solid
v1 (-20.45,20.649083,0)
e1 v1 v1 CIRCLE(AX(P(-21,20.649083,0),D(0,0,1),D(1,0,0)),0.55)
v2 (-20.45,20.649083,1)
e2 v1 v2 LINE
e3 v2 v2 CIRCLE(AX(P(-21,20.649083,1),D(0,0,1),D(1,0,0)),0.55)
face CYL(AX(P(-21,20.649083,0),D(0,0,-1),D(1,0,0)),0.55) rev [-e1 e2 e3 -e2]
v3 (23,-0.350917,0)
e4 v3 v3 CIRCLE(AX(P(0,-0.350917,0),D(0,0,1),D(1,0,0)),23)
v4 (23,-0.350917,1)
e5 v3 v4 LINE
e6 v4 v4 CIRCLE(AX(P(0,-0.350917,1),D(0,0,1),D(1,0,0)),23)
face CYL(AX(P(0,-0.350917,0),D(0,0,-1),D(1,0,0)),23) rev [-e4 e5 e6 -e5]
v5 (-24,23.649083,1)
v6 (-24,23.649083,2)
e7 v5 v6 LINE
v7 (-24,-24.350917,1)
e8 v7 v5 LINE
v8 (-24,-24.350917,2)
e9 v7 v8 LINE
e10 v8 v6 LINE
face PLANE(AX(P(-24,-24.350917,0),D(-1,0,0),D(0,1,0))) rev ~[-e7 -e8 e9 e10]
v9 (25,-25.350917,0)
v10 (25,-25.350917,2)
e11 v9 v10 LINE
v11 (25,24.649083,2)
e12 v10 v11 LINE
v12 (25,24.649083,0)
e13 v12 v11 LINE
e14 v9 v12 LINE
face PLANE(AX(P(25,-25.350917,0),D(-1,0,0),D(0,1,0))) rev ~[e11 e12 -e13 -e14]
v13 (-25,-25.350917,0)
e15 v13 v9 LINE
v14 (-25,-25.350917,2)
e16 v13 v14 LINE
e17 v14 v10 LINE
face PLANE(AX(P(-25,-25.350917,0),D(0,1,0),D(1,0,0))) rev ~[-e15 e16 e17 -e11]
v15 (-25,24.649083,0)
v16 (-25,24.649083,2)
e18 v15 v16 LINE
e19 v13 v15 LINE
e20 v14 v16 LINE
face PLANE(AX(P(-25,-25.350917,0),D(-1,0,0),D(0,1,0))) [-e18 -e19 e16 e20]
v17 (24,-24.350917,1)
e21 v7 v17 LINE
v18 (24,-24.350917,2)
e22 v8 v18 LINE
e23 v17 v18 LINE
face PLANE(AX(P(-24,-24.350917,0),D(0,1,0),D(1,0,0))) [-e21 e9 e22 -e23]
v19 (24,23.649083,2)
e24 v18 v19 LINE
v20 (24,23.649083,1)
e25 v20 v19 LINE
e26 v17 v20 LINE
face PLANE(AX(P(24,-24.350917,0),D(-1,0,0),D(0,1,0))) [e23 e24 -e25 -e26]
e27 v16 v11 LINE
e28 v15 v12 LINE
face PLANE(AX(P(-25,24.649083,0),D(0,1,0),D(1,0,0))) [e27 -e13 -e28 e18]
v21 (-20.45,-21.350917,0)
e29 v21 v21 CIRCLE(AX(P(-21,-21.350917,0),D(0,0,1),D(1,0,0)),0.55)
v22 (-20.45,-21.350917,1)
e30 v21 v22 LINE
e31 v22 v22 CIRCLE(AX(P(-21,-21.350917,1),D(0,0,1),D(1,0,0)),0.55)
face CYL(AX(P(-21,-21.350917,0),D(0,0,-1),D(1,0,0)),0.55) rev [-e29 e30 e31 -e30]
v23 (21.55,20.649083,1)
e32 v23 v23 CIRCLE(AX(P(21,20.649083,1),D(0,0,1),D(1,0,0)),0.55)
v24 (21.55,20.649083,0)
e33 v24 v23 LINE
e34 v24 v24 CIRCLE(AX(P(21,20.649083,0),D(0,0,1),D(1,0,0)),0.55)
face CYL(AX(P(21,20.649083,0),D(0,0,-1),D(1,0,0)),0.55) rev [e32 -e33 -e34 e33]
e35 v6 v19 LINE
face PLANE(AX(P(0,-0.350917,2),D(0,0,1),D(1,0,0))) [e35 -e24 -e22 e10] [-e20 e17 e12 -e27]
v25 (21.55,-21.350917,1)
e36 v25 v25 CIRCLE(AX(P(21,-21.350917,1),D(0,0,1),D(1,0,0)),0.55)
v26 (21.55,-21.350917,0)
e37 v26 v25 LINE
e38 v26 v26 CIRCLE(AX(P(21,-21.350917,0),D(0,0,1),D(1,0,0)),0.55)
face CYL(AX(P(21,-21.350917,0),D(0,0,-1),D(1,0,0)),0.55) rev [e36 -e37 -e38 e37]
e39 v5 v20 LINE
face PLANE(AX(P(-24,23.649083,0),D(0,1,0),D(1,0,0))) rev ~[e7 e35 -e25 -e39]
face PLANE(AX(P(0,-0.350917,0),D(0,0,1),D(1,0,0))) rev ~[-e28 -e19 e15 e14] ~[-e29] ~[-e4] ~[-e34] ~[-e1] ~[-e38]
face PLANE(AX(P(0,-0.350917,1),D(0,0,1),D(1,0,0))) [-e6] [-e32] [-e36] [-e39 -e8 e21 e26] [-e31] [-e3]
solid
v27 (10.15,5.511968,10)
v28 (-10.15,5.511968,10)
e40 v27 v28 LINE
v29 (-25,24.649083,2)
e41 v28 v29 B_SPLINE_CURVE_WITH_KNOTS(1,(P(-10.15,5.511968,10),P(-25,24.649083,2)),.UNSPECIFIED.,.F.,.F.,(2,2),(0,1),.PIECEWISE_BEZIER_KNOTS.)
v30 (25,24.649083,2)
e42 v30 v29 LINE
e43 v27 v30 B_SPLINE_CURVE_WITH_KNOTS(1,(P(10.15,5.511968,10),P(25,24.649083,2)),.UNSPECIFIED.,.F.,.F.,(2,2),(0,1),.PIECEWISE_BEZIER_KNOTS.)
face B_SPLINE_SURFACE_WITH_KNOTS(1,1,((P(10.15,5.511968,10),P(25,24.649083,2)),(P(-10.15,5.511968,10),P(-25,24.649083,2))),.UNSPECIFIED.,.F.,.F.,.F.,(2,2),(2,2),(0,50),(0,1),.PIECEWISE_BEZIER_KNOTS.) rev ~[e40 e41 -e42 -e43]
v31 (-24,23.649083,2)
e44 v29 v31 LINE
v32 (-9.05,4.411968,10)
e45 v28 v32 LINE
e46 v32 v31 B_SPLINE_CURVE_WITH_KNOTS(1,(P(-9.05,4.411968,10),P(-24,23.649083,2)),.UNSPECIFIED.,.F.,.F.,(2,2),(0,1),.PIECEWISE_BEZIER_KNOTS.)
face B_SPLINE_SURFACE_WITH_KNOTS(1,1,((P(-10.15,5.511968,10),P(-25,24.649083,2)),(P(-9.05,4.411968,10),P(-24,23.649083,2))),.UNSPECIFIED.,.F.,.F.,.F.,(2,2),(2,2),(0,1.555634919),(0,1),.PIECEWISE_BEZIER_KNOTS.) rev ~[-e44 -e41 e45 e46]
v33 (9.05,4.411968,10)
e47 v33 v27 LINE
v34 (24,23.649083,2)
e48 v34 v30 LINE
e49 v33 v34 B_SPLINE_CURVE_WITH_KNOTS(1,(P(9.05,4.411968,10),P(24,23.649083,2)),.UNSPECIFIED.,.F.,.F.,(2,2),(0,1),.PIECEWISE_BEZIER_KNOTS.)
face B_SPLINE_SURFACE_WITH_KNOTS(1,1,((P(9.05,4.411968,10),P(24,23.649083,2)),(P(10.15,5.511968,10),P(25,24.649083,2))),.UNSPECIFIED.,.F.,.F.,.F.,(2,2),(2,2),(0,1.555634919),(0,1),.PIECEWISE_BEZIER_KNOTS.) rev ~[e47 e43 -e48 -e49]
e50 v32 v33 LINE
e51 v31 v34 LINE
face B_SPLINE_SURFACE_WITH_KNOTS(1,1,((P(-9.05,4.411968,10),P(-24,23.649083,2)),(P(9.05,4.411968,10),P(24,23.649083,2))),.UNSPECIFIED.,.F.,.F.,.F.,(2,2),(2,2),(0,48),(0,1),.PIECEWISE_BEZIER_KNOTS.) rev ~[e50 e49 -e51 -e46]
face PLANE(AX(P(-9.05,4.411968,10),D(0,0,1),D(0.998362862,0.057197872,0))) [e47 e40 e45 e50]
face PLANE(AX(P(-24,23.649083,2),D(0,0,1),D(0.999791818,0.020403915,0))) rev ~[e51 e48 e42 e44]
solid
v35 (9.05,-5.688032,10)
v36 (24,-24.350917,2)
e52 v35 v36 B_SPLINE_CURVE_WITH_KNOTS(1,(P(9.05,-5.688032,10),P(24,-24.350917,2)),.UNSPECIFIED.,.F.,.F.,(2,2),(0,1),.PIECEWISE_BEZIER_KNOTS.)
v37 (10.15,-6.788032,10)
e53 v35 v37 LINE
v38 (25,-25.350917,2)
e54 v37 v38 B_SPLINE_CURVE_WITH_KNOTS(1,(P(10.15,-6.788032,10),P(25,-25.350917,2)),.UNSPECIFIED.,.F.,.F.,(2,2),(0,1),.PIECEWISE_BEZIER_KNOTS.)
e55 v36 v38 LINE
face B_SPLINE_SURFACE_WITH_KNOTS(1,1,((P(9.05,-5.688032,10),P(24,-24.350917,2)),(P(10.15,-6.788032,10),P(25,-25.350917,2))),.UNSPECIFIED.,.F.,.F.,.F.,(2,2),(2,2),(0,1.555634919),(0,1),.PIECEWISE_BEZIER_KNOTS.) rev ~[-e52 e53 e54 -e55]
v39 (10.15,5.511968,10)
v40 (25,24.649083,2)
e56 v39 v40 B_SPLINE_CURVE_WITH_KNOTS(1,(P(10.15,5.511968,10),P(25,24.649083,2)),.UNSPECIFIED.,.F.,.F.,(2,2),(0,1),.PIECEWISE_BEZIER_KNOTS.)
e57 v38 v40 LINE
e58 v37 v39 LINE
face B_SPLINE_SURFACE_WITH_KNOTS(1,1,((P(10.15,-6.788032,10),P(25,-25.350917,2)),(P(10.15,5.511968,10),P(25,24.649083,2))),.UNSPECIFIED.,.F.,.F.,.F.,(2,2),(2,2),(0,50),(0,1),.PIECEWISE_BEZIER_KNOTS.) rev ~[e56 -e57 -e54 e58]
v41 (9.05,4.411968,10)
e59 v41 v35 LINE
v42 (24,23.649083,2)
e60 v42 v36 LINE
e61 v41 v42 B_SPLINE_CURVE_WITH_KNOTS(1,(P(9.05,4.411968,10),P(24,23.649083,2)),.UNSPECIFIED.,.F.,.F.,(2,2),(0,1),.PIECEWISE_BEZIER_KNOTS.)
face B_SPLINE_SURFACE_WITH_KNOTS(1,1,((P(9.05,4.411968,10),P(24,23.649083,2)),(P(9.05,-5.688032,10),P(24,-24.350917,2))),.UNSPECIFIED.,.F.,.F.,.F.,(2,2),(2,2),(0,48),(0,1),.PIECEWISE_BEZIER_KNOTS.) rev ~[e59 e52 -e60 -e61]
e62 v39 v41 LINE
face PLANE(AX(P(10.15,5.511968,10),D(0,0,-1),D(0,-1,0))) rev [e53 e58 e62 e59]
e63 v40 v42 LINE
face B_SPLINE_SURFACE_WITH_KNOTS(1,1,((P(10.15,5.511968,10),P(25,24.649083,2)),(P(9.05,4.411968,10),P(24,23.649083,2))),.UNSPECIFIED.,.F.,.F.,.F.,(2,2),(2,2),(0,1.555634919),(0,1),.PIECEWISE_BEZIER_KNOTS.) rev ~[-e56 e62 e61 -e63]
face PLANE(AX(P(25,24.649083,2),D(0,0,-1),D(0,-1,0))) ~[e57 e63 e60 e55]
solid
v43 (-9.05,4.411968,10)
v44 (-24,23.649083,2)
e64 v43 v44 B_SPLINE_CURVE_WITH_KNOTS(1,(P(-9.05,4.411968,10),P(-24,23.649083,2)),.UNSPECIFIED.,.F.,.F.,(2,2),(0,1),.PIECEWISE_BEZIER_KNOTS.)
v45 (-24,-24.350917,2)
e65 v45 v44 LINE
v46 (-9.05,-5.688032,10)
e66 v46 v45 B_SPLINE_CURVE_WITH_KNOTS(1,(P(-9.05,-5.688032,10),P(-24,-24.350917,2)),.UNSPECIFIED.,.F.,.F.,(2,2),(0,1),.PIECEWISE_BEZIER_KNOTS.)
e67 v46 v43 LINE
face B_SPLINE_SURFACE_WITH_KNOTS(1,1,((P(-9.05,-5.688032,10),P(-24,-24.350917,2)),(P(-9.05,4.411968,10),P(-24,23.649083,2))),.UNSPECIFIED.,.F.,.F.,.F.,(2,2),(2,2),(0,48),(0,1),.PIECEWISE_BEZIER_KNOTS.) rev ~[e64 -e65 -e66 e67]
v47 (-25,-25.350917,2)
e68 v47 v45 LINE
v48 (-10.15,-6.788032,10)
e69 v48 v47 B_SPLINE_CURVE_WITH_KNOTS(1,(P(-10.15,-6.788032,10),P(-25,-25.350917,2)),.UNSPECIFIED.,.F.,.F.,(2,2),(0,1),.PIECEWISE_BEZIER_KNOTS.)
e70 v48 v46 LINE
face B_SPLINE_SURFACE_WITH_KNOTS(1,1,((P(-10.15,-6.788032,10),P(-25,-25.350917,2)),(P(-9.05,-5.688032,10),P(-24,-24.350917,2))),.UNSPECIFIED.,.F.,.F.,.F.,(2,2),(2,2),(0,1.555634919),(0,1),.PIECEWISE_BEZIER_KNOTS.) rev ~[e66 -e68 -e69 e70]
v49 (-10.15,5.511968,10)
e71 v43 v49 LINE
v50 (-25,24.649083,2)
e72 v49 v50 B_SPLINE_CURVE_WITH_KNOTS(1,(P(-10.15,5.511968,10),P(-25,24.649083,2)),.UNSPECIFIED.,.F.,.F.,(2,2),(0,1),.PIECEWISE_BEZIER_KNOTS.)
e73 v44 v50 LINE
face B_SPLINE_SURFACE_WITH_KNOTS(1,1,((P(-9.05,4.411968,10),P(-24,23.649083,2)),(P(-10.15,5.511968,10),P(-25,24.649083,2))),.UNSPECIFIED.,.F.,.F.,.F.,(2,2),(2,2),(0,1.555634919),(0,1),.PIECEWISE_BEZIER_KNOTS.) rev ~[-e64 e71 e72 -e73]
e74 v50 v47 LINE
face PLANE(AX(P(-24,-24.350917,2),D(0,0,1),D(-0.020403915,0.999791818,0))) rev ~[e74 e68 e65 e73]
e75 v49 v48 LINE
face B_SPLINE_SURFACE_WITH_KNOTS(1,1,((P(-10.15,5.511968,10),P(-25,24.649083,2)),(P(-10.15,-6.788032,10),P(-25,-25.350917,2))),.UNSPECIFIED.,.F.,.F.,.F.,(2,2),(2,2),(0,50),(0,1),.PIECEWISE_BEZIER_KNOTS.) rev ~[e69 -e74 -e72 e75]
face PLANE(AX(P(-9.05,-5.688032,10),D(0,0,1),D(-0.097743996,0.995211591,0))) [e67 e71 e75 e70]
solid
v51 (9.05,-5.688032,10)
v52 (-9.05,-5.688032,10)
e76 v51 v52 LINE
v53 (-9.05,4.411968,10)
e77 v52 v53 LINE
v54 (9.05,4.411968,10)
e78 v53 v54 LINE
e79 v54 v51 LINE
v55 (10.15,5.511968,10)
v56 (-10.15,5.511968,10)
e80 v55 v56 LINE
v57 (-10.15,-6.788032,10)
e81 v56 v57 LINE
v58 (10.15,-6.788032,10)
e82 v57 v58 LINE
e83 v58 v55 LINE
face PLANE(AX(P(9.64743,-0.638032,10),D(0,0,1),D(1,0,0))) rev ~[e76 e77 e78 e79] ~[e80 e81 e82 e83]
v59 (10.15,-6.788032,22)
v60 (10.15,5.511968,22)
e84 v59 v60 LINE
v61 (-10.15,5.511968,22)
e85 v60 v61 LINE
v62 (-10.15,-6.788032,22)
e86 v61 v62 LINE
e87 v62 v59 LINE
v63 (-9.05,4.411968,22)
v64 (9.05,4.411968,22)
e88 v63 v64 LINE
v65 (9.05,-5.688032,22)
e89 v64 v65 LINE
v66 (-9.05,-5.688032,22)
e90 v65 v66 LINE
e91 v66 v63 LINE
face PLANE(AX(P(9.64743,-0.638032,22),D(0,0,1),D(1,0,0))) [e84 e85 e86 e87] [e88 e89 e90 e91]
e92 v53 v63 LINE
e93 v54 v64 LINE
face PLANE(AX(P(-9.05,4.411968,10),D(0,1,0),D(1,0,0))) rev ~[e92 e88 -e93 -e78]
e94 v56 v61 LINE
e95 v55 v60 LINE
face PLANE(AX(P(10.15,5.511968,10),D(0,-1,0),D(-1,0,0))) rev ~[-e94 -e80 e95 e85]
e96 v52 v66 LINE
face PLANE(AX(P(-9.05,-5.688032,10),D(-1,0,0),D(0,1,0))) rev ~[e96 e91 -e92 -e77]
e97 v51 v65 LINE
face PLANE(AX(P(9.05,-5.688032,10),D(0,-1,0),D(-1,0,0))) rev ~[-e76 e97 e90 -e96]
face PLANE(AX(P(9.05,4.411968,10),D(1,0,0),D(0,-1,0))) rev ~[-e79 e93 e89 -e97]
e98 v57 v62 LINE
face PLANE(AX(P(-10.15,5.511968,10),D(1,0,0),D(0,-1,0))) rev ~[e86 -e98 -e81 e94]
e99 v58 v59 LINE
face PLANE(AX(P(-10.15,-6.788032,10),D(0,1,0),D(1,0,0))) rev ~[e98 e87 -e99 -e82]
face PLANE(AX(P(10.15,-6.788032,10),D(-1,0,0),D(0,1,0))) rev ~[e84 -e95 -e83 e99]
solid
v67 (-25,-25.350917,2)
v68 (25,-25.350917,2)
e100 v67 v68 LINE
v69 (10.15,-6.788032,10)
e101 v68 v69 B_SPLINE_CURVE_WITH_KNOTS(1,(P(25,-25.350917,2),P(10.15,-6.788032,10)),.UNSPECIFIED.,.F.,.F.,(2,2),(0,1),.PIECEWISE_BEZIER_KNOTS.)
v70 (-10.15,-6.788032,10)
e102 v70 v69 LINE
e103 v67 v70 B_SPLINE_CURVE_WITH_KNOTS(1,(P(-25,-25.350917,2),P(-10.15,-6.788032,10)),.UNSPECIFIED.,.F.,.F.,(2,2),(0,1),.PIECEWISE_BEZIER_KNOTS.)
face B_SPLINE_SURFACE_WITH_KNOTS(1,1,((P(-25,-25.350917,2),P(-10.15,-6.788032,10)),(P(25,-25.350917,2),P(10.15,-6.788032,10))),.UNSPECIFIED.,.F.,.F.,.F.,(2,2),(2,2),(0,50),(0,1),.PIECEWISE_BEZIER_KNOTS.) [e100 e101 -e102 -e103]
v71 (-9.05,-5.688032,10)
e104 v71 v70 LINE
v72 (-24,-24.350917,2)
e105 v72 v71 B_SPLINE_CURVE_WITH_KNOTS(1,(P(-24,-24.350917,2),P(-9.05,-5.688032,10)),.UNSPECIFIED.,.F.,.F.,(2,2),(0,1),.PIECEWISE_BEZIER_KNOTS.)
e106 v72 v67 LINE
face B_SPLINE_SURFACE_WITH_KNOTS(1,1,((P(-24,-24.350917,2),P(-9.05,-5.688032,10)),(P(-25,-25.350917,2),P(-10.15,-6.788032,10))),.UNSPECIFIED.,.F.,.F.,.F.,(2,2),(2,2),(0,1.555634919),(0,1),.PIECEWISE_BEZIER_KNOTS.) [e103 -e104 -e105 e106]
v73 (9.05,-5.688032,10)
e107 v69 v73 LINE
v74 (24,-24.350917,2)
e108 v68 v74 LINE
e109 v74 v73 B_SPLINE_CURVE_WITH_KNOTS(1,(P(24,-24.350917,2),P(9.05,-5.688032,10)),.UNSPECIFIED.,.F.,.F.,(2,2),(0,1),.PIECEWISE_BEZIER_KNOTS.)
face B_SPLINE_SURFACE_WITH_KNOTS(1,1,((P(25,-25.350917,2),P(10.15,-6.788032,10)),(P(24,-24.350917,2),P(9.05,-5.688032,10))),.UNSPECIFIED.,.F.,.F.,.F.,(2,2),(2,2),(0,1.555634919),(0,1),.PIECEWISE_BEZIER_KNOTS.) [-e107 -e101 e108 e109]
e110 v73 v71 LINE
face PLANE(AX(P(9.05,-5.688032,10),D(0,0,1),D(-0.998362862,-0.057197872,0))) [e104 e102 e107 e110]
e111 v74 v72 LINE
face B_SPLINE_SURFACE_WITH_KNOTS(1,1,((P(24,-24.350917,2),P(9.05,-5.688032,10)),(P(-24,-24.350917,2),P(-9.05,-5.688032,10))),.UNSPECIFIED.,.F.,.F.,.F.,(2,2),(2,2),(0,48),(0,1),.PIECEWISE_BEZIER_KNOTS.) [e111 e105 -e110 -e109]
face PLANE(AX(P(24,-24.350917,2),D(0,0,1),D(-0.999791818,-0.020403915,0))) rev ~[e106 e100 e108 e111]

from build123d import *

# Parameters (mm, degrees)
F0_W     = 50
F0_H     = 50
F0_W_2   = 48
F0_H_2   = 48
F1_DEPTH = 2
F0_R     = 0.55
F0_R_2   = 23
F2_DEPTH = 1
F5_DEPTH = 12


with BuildPart() as f1:
    # F0 (on Top) → F1 (new body)
    with BuildSketch(Plane.XY):
        with Locations((0, -0.350917)):
            Rectangle(F0_W, F0_H)
        with Locations((0, -0.350917)):
            Rectangle(F0_W_2, F0_H_2, mode=Mode.SUBTRACT)
    extrude(amount=F1_DEPTH)

    # F0 (on Top) → F2 (join)
    with BuildSketch(Plane.XY):
        with Locations((0, -0.350917)):
            Rectangle(F0_W_2, F0_H_2)
        with Locations((-21, -21.350917)):
            Circle(F0_R, mode=Mode.SUBTRACT)
        with Locations((21, -21.350917)):
            Circle(F0_R, mode=Mode.SUBTRACT)
        with Locations((-21, 20.649083)):
            Circle(F0_R, mode=Mode.SUBTRACT)
        with Locations((0, -0.350917)):
            Circle(F0_R_2, mode=Mode.SUBTRACT)
        with Locations((21, 20.649083)):
            Circle(F0_R, mode=Mode.SUBTRACT)
    extrude(amount=F2_DEPTH)


with BuildPart() as f5:
    # F4 (on offset) → F5 (new body)
    with BuildSketch(Plane.XY.offset(10)):
        Polygon((10.15, 5.511968), (9.05, 4.411968), (9.05, -5.688032), (10.15, -6.788032), align=None)
        Polygon((-9.05, 4.411968), (9.05, 4.411968), (10.15, 5.511968), (-10.15, 5.511968), align=None)
        Polygon((-9.05, -5.688032), (-9.05, 4.411968), (-10.15, 5.511968), (-10.15, -6.788032), align=None)
        Polygon((10.15, -6.788032), (9.05, -5.688032), (-9.05, -5.688032), (-10.15, -6.788032), align=None)
    extrude(amount=F5_DEPTH)


with BuildPart() as f7:
    # F4 (on offset) → F7 section 0
    with BuildSketch(Plane.XY.offset(10)):
        Polygon((-9.05, 4.411968), (9.05, 4.411968), (10.15, 5.511968), (-10.15, 5.511968), align=None)
    # F6 (on face) → F7 section 1
    with BuildSketch(Plane.XY.offset(2)):
        Polygon((-25, 24.649083), (-24, 23.649083), (24, 23.649083), (25, 24.649083), align=None)
    loft()


with BuildPart() as f8:
    # F6 (on face) → F8 section 0
    with BuildSketch(Plane.XY.offset(2)):
        Polygon((24, -24.350917), (-24, -24.350917), (-25, -25.350917), (25, -25.350917), align=None)
    # F4 (on offset) → F8 section 1
    with BuildSketch(Plane.XY.offset(10)):
        Polygon((10.15, -6.788032), (9.05, -5.688032), (-9.05, -5.688032), (-10.15, -6.788032), align=None)
    loft()


with BuildPart() as f9:
    # F4 (on offset) → F9 section 0
    with BuildSketch(Plane.XY.offset(10)):
        Polygon((10.15, 5.511968), (9.05, 4.411968), (9.05, -5.688032), (10.15, -6.788032), align=None)
    # F6 (on face) → F9 section 1
    with BuildSketch(Plane.XY.offset(2)):
        Polygon((24, 23.649083), (24, -24.350917), (25, -25.350917), (25, 24.649083), align=None)
    loft()


with BuildPart() as f10:
    # F4 (on offset) → F10 section 0
    with BuildSketch(Plane.XY.offset(10)):
        Polygon((-9.05, -5.688032), (-9.05, 4.411968), (-10.15, 5.511968), (-10.15, -6.788032), align=None)
    # F6 (on face) → F10 section 1
    with BuildSketch(Plane.XY.offset(2)):
        Polygon((-25, -25.350917), (-24, -24.350917), (-24, 23.649083), (-25, 24.649083), align=None)
    loft()


solid = Compound([f1.part, f5.part, f7.part, f8.part, f9.part, f10.part])
